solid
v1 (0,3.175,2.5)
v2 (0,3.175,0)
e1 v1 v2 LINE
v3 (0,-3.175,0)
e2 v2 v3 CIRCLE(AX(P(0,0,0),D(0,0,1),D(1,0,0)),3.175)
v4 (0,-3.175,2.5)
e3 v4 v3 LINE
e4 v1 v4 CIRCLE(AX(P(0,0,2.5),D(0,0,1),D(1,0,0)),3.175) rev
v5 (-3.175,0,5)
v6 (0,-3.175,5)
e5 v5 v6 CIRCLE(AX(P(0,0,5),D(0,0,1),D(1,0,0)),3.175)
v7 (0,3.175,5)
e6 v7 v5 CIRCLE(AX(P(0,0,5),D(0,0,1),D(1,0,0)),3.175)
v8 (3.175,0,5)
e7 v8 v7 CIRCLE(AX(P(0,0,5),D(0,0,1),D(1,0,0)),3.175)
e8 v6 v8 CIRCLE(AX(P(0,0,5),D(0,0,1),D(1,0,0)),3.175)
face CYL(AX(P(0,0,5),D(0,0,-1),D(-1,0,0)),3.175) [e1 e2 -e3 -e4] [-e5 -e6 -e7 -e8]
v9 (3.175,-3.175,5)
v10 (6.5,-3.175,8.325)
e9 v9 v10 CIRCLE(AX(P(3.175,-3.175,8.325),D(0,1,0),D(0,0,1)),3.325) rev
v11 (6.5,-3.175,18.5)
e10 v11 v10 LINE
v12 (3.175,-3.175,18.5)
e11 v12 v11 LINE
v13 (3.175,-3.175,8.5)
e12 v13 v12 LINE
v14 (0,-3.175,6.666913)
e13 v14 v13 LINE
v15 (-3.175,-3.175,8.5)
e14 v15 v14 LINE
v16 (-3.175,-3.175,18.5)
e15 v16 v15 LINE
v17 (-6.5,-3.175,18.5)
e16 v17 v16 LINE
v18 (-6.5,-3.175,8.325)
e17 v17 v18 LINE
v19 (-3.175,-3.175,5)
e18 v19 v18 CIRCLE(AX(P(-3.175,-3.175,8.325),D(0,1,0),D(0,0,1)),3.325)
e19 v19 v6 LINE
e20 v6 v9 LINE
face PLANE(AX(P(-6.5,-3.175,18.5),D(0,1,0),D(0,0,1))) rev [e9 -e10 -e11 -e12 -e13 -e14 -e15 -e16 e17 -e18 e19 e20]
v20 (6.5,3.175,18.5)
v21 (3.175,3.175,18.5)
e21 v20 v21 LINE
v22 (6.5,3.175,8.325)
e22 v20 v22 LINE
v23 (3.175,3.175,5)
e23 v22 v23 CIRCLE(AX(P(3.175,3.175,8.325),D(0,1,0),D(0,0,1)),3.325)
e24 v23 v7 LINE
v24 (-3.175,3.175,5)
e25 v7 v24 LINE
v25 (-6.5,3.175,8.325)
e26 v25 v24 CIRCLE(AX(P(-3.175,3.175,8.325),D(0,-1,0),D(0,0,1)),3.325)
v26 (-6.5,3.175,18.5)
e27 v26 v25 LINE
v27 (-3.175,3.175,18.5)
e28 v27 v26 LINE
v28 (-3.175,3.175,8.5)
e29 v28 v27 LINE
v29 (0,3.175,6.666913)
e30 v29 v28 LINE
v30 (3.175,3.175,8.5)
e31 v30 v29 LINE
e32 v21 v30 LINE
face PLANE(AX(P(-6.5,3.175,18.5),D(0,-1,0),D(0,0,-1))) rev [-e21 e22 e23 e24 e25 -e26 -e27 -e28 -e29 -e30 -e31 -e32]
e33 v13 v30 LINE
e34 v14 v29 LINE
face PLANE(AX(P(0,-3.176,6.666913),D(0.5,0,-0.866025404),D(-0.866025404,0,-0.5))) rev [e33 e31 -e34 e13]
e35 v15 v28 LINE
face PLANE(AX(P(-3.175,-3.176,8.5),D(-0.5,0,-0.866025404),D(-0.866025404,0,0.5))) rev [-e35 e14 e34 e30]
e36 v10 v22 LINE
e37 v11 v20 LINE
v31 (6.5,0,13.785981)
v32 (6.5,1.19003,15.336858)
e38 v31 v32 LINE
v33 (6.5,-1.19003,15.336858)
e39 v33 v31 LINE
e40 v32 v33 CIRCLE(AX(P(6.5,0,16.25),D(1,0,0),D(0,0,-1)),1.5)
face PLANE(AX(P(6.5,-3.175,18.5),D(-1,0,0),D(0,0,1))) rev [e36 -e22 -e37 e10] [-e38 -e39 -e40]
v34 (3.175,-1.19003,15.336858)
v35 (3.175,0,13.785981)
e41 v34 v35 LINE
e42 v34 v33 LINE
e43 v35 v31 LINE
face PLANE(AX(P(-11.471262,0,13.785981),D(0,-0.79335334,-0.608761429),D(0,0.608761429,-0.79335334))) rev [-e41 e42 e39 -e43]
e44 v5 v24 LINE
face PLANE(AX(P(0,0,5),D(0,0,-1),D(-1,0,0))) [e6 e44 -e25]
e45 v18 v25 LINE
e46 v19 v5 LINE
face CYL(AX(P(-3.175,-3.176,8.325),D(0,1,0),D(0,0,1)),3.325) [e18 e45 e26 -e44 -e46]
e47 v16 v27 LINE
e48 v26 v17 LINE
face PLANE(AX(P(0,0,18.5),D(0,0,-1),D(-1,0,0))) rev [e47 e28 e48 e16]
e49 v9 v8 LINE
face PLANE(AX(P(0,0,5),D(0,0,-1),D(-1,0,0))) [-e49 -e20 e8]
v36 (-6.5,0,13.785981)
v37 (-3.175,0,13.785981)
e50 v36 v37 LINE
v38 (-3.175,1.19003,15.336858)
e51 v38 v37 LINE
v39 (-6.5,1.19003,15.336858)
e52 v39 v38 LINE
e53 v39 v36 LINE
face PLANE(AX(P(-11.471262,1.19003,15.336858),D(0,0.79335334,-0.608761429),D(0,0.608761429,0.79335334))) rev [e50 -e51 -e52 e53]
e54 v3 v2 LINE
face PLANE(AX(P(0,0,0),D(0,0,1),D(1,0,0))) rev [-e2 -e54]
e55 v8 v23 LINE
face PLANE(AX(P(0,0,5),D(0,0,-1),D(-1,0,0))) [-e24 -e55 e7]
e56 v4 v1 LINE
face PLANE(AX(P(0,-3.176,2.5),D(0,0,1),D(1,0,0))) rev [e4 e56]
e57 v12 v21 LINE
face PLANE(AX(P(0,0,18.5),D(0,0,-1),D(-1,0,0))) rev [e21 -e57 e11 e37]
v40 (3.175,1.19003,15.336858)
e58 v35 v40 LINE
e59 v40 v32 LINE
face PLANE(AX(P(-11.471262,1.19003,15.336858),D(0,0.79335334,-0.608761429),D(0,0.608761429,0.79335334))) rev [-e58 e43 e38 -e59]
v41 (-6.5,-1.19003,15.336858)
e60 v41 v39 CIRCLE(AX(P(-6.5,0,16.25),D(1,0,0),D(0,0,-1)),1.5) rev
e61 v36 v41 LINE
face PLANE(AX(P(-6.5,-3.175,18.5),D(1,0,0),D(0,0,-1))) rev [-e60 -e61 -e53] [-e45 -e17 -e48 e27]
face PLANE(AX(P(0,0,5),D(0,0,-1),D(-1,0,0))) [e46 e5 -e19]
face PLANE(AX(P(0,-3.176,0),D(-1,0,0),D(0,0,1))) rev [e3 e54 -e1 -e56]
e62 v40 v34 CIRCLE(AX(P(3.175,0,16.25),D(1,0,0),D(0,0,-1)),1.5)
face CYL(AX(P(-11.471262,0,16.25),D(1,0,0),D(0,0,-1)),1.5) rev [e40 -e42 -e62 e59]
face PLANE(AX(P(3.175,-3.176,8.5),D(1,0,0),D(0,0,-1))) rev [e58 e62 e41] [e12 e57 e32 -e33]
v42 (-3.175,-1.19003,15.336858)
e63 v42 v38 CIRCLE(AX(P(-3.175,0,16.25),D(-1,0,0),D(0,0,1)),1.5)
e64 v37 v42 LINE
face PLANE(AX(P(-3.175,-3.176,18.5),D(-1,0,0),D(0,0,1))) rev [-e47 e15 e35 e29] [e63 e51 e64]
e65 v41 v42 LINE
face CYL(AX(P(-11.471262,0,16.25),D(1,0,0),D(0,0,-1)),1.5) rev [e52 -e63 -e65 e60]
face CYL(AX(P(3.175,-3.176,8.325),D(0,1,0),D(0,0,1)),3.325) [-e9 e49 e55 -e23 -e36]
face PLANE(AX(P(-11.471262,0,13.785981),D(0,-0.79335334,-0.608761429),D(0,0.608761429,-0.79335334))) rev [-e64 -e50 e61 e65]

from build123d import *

# Parameters (mm, degrees)
CROQUIS1_R                        = 3.175
SALIENTE_EXTRUIR1_DEPTH           = 5
CROQUIS2_W                        = 13
CROQUIS2_H                        = 6.35
SALIENTE_EXTRUIR2_DEPTH           = 13.5
CORTAR_EXTRUIR2_REACH             = 5.175
CROQUIS5_W                        = 3.175
CROQUIS5_H                        = 2.5
CORTAR_EXTRUIR2_DIRECTION_2_REACH = 5.175
CORTAR_EXTRUIR6_REACH             = 8.35
CORTAR_EXTRUIR7_DEPTH             = 6.35
CORTAR_EXTRUIR8_DEPTH             = 13


with BuildPart() as part:
    # Croquis1 → Saliente-Extruir1 (new body)
    with BuildSketch(Plane.XY):
        Circle(CROQUIS1_R)
    extrude(amount=SALIENTE_EXTRUIR1_DEPTH)

    # Croquis2 → Saliente-Extruir2 (add)
    with BuildSketch(Plane.XY.offset(5)):
        Rectangle(CROQUIS2_W, CROQUIS2_H)
    extrude(amount=SALIENTE_EXTRUIR2_DEPTH)

    # Croquis5 → Cortar-Extruir2 (cut, up to next)
    with BuildSketch(Plane(origin=(0, 0, 0), x_dir=(1, 0, 0), z_dir=(0, 1, 0)), mode=Mode.PRIVATE) as cortar_extruir2_sk1:
        with Locations((1.5875, -1.25)):
            Rectangle(CROQUIS5_W, CROQUIS5_H)
    cortar_extruir2_tool1 = extrude(cortar_extruir2_sk1.sketch, amount=-CORTAR_EXTRUIR2_REACH, mode=Mode.PRIVATE) & part.part
    add(cortar_extruir2_tool1.solids().sort_by_distance((1.5875, 0, 1.25))[0], mode=Mode.SUBTRACT)

    # Croquis5 → Cortar-Extruir2 direction 2 (cut, up to next)
    with BuildSketch(Plane(origin=(0, 0, 0), x_dir=(1, 0, 0), z_dir=(0, 1, 0)), mode=Mode.PRIVATE) as cortar_extruir2_direction_2_sk1:
        with Locations((1.5875, -1.25)):
            Rectangle(CROQUIS5_W, CROQUIS5_H)
    cortar_extruir2_direction_2_tool1 = extrude(cortar_extruir2_direction_2_sk1.sketch, amount=CORTAR_EXTRUIR2_DIRECTION_2_REACH, mode=Mode.PRIVATE) & part.part
    add(cortar_extruir2_direction_2_tool1.solids().sort_by_distance((1.5875, 0, 1.25))[0], mode=Mode.SUBTRACT)

    # Croquis7 → Cortar-Extruir6 (cut, up to next)
    with BuildSketch(Plane(origin=(0, 3.175, 0), x_dir=(1, 0, 0), z_dir=(0, 1, 0)), mode=Mode.PRIVATE) as cortar_extruir6_sk1:
        Polygon((-3.175, -18.5), (3.175, -18.5), (3.175, -8.5), (0, -6.666912895), (-3.175, -8.5), align=None)
    cortar_extruir6_tool1 = extrude(cortar_extruir6_sk1.sketch, amount=-CORTAR_EXTRUIR6_REACH, mode=Mode.PRIVATE) & part.part
    add(cortar_extruir6_tool1.solids().sort_by_distance((0, 3.175, 13.028903))[0], mode=Mode.SUBTRACT)

    # Croquis8 → Cortar-Extruir7 (cut)
    with BuildSketch(Plane(origin=(0, 3.175, 0), x_dir=(1, 0, 0), z_dir=(0, 1, 0))):
        with BuildLine():
            Line((-6.5, -5), (-3.175, -5))
            ThreePointArc((-3.175, -5), (-5.526130047, -5.973869953), (-6.5, -8.325))
            Line((-6.5, -8.325), (-6.5, -5))
        make_face()
    cortar_extruir7 = extrude(amount=-CORTAR_EXTRUIR7_DEPTH, mode=Mode.SUBTRACT)

    # Simetría1: Cortar-Extruir7 across plane
    add(cortar_extruir7.mirror(Plane(origin=(0, 0, 0), x_dir=(0, 0, 1), z_dir=(1, 0, 0))), mode=Mode.SUBTRACT)

    # Croquis9 → Cortar-Extruir8 (cut)
    with BuildSketch(Plane(origin=(6.5, 0, 0), x_dir=(0, 0, -1), z_dir=(1, 0, 0))):
        with BuildLine():
            Line((-15.336857856, 1.19003001), (-13.785980552, 0))
            Line((-13.785980552, 0), (-15.336857856, -1.19003001))
            ThreePointArc((-15.336857856, -1.19003001), (-17.75, 0), (-15.336857856, 1.19003001))
        make_face()
    extrude(amount=-CORTAR_EXTRUIR8_DEPTH, mode=Mode.SUBTRACT)


solid = part.part
